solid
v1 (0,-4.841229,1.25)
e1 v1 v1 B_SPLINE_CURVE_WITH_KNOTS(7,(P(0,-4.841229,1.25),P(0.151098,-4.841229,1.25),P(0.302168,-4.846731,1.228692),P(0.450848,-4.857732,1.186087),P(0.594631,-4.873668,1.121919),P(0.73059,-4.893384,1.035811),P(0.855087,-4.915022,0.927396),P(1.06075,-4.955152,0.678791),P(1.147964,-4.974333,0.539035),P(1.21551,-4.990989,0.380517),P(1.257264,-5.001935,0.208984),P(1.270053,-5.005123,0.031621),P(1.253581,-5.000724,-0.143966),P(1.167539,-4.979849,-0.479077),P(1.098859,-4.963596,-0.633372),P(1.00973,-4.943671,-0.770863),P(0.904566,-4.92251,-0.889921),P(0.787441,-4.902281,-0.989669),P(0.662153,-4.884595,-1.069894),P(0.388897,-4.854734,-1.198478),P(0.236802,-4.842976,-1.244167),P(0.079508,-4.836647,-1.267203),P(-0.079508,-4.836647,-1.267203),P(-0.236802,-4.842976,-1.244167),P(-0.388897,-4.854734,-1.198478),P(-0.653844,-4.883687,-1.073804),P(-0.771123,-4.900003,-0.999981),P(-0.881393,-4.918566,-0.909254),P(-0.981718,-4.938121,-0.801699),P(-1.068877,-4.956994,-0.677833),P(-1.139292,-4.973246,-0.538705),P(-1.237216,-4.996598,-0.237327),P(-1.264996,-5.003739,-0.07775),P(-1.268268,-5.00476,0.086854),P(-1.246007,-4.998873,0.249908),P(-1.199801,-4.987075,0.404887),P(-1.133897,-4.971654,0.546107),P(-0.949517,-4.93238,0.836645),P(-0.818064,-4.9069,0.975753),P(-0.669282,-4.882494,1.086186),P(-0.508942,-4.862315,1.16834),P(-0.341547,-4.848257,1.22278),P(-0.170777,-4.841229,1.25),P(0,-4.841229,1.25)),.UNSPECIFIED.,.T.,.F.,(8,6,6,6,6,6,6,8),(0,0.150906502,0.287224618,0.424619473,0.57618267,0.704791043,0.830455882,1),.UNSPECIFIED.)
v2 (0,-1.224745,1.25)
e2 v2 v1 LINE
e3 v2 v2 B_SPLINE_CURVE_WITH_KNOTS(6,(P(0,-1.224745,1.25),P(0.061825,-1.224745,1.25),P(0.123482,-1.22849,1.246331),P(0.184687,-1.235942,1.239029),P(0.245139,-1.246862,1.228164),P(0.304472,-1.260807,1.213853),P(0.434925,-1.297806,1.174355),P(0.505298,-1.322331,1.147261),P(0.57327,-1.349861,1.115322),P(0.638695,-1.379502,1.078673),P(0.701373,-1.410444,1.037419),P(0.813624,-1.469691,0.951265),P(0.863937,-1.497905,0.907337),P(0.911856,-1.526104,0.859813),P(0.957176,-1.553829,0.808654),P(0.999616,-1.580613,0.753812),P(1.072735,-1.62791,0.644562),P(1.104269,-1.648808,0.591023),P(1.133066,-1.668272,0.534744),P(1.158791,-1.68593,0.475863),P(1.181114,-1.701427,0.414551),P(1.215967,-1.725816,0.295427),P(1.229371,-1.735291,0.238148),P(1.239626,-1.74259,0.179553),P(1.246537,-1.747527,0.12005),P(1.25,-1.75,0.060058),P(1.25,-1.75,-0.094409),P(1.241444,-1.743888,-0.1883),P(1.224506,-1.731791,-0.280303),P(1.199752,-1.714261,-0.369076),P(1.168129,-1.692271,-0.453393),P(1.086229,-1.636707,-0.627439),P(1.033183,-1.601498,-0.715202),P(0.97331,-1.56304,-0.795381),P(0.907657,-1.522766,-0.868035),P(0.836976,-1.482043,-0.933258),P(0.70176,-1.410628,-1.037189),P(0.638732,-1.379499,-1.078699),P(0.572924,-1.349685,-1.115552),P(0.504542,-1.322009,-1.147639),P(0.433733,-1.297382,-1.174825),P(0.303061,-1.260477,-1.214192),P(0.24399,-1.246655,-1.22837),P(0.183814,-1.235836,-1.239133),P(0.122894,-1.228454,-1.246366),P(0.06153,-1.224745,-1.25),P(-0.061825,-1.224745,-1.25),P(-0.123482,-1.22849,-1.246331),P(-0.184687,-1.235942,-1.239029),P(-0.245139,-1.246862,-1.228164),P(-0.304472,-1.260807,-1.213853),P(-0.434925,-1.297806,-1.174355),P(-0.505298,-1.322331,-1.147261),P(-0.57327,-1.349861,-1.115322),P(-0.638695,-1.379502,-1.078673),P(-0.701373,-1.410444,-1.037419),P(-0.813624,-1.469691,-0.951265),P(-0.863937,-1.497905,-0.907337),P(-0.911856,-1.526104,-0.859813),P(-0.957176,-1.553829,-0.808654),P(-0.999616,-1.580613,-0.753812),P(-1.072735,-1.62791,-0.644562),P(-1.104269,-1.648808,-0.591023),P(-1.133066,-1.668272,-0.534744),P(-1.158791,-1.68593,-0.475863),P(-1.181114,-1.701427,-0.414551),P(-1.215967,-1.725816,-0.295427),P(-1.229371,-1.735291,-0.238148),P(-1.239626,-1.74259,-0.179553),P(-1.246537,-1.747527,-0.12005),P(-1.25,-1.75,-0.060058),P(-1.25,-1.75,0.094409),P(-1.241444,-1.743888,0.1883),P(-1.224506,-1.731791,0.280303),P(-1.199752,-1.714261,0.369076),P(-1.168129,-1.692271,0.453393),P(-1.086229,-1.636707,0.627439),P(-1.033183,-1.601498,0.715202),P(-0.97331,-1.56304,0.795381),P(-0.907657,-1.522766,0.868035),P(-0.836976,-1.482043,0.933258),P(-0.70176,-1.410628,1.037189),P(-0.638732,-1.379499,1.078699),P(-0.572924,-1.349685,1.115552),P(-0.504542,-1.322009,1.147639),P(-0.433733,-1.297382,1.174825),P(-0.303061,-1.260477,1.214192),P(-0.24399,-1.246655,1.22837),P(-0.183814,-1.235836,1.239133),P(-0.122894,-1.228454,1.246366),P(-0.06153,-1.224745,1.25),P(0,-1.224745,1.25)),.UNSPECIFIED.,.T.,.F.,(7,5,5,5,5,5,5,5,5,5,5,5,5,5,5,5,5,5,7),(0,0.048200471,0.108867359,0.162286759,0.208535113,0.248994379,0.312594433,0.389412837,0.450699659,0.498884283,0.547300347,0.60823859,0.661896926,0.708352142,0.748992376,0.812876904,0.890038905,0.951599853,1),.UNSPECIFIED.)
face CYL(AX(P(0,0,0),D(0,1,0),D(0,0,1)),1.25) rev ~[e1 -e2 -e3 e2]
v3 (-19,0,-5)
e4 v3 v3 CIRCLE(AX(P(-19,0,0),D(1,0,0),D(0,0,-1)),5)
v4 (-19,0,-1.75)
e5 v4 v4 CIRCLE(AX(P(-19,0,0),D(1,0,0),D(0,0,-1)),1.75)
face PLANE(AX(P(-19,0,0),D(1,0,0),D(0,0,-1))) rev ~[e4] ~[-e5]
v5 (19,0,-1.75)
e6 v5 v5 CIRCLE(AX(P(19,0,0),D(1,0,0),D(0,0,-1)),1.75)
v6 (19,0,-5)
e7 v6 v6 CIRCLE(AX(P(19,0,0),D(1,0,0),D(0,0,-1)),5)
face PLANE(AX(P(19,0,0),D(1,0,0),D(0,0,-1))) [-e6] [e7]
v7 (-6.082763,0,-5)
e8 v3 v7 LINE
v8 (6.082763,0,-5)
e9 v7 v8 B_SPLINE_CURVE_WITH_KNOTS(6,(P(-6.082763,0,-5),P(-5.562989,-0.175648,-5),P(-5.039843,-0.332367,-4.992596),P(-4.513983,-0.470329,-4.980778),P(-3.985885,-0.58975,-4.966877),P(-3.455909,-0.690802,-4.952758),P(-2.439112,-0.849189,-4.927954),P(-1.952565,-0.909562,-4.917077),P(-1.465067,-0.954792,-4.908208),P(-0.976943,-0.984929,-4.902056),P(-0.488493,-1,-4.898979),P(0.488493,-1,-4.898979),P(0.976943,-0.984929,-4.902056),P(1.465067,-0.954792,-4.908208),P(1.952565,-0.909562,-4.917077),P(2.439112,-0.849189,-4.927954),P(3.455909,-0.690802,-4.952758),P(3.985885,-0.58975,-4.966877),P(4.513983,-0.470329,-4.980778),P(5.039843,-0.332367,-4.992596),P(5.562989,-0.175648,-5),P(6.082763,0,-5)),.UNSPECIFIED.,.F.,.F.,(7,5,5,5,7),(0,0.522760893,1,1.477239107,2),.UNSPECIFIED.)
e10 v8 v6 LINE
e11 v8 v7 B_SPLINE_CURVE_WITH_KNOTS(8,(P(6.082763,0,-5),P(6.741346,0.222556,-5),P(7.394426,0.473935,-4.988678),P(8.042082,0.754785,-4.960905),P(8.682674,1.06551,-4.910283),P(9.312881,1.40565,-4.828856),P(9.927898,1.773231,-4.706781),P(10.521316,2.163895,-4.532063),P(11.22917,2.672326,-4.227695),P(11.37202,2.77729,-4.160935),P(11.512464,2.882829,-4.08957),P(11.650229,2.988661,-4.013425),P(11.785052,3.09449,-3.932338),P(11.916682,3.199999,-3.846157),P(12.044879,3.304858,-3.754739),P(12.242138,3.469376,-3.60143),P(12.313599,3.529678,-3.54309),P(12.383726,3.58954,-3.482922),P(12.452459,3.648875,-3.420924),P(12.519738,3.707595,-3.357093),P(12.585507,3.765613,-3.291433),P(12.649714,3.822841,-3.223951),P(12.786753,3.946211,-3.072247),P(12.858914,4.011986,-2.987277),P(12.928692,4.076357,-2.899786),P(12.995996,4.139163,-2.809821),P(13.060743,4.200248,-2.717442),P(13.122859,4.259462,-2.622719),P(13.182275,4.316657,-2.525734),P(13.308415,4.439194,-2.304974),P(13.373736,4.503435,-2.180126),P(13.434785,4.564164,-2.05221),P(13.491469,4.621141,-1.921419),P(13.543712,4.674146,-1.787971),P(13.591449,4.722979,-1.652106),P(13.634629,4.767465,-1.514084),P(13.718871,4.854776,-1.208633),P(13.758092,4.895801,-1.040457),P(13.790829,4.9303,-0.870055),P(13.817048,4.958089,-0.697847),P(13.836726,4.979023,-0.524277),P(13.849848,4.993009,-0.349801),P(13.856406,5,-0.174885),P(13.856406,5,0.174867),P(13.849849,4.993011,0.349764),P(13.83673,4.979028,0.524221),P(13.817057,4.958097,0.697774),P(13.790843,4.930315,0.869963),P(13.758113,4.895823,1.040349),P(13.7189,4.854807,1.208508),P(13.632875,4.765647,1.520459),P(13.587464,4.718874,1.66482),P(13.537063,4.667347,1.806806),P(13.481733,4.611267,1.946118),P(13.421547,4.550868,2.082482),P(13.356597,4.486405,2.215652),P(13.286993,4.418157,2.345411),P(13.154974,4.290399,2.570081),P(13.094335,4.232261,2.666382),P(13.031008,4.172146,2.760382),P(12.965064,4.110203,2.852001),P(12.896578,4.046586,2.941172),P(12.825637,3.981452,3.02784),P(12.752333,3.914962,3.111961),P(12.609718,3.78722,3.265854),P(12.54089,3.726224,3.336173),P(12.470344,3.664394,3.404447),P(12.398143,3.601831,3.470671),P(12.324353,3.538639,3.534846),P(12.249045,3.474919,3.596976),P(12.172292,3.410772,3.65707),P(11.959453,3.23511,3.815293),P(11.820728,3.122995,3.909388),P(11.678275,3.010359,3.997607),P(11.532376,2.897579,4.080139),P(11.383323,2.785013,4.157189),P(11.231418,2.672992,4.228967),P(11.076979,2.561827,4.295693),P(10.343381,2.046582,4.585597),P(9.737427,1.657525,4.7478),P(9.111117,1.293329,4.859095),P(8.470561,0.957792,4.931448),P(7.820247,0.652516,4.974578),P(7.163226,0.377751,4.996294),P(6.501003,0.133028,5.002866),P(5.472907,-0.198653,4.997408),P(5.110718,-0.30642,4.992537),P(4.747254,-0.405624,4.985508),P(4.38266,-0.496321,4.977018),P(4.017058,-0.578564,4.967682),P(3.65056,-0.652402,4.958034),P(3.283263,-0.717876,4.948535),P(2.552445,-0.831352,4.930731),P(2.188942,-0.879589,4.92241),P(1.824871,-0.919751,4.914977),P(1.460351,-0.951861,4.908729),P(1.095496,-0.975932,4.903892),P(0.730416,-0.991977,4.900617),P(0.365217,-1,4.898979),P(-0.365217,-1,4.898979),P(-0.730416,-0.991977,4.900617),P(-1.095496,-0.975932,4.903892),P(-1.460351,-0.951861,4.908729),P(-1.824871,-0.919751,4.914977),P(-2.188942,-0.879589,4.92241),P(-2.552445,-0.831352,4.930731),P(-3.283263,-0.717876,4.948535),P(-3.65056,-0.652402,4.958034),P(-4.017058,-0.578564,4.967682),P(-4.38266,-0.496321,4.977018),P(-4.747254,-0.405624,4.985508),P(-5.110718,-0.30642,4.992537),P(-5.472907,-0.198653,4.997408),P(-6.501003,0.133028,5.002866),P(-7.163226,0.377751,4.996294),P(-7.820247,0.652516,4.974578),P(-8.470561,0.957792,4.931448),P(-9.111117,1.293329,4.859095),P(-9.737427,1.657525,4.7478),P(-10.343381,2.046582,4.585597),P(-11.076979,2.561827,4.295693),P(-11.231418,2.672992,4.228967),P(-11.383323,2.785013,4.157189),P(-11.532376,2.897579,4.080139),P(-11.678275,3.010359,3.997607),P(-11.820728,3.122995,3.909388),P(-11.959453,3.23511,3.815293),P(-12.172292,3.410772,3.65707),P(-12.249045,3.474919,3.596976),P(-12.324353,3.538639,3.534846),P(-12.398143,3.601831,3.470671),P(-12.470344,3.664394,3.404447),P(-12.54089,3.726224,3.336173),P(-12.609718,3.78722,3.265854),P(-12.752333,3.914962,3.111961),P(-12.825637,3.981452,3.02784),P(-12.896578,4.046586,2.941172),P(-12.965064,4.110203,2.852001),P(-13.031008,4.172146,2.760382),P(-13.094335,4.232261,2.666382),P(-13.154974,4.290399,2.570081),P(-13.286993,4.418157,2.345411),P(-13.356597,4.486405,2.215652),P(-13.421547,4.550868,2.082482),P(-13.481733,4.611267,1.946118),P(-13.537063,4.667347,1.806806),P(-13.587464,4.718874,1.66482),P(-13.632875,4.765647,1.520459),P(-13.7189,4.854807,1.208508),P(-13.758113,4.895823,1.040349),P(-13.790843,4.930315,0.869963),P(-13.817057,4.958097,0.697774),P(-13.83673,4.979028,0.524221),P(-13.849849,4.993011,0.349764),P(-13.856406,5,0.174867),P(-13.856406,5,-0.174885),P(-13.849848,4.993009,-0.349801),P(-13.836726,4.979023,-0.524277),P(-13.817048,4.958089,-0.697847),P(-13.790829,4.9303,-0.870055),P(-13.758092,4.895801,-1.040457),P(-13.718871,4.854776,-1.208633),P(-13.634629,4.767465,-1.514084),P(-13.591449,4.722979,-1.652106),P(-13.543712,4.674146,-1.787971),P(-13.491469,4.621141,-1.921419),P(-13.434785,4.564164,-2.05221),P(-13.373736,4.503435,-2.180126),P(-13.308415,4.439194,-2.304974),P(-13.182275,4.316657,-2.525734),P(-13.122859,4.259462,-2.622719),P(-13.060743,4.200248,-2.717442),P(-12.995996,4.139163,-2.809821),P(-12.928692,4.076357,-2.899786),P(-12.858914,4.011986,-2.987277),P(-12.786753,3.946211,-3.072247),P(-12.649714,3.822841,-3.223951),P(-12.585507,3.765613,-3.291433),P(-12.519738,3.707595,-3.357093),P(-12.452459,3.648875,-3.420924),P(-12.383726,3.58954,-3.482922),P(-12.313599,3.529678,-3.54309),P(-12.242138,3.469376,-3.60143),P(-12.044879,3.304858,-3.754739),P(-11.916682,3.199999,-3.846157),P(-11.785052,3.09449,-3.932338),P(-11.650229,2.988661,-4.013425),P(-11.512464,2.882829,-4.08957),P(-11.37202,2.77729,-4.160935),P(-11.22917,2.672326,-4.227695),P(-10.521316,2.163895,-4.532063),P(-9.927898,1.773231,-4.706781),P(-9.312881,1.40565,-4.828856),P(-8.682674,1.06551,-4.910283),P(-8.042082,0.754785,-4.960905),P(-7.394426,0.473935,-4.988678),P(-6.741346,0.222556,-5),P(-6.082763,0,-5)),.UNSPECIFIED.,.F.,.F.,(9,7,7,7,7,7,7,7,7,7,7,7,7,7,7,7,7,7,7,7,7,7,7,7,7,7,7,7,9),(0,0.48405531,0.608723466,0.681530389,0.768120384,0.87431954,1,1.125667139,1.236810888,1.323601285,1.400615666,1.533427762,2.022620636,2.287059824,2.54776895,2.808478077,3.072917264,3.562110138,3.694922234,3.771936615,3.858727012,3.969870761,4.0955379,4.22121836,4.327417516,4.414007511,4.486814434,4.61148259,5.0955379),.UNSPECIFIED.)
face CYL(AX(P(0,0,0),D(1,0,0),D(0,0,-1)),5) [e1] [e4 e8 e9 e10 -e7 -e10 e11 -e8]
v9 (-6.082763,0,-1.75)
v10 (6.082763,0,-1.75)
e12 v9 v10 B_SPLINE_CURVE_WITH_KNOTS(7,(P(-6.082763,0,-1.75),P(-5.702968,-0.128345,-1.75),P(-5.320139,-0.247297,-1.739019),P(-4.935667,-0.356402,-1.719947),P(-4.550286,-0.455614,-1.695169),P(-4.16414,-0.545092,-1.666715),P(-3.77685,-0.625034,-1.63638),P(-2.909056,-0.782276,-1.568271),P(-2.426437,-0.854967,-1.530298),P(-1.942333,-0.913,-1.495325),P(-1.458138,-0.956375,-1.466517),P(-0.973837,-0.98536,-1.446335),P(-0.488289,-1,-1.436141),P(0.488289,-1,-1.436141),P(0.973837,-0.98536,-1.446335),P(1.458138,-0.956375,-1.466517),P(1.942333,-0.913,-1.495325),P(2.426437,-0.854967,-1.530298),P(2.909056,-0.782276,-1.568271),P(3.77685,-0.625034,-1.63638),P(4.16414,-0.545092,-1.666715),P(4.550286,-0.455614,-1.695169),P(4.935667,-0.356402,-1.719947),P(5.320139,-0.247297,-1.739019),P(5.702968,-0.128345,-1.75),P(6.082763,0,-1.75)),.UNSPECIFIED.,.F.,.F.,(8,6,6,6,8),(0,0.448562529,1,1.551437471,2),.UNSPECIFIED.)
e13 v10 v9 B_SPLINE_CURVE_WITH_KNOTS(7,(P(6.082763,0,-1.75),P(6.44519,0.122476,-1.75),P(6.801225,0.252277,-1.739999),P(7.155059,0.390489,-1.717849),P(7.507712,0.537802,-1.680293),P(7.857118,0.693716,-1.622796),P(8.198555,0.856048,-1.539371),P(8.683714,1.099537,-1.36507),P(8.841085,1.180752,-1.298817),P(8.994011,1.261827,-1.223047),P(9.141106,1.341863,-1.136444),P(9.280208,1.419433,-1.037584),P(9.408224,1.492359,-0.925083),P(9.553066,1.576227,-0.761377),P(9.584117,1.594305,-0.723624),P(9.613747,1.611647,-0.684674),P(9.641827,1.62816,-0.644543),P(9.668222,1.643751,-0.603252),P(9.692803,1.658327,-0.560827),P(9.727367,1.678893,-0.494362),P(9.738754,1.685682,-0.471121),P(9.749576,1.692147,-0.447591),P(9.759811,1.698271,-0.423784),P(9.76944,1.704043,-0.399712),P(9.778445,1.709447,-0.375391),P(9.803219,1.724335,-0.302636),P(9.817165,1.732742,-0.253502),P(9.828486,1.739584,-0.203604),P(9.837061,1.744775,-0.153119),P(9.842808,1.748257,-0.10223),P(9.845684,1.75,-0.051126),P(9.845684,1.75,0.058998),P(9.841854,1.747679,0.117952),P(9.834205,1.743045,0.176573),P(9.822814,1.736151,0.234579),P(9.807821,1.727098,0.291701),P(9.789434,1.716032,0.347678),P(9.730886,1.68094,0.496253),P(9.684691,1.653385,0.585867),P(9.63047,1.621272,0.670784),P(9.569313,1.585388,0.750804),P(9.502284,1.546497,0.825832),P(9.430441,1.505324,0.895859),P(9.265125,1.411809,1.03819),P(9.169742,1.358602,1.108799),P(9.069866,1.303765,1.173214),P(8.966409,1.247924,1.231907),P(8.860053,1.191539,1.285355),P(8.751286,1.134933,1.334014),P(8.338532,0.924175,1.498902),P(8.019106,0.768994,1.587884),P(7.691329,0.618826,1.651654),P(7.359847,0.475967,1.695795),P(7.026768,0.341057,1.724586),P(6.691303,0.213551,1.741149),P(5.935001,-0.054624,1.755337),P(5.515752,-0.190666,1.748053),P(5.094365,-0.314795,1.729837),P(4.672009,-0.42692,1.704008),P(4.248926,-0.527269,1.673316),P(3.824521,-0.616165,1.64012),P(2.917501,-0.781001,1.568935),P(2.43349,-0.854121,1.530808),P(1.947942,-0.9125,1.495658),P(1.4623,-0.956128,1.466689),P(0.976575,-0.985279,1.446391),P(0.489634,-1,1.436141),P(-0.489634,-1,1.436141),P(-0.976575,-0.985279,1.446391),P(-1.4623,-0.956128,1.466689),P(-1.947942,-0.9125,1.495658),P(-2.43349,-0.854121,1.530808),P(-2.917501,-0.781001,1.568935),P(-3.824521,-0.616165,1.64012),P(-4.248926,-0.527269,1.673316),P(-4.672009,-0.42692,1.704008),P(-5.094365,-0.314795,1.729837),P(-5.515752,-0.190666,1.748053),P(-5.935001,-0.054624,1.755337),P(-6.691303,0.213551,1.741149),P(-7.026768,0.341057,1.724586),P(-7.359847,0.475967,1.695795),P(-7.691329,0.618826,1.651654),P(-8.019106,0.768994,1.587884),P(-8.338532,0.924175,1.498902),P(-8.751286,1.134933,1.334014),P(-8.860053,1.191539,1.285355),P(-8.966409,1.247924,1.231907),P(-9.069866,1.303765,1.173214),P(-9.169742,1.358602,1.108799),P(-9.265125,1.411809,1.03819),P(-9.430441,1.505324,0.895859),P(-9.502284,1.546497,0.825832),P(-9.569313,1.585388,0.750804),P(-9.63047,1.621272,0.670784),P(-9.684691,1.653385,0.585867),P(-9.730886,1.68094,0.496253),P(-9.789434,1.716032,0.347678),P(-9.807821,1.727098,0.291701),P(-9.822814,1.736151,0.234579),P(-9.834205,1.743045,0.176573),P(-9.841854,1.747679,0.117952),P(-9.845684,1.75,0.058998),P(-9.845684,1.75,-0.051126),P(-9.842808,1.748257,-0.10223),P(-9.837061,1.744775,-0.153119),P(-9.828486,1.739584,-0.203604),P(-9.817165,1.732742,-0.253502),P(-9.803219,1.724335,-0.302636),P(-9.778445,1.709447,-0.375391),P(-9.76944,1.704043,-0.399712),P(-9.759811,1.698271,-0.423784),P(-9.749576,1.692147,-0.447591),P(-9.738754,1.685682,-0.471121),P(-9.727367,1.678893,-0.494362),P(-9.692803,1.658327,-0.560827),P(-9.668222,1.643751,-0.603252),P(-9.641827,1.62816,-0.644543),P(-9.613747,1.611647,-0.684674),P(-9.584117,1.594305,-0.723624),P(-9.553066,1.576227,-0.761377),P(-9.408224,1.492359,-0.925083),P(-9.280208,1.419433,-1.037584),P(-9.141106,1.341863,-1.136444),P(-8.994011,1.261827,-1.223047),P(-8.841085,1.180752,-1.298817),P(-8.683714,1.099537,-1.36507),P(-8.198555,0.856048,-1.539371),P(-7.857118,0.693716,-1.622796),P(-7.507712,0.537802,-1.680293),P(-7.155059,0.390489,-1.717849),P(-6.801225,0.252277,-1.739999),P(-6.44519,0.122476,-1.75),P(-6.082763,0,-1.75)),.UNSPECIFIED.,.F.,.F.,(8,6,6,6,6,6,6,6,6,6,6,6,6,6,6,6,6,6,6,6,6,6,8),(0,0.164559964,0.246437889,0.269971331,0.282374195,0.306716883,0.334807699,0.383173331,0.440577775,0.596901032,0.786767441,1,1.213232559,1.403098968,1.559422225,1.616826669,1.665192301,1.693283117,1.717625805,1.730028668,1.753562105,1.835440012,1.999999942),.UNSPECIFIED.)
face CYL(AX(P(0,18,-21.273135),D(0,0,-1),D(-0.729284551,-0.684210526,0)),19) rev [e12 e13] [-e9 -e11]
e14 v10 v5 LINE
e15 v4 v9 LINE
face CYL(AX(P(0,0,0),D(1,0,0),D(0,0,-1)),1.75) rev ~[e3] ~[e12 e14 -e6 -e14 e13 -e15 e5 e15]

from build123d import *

# Parameters (mm, degrees)
SKETCH1_R               = 5
BOSS_EXTRUDE1_DEPTH     = 19
CUT_EXTRUDE1_DEPTH      = 21.273134933
CUT_EXTRUDE1_DEPTH_BACK = 21.273134933
SKETCH3_R               = 1.75
CUT_EXTRUDE2_DEPTH      = 20
SKETCH4_R               = 1.25
CUT_EXTRUDE3_DEPTH      = 21.273135076


with BuildPart() as part:
    # Sketch1 → Boss-Extrude1 (new, symmetric)
    with BuildSketch(Plane(origin=(0, 0, 0), x_dir=(0, 0, -1), z_dir=(1, 0, 0))):
        Circle(SKETCH1_R)
    extrude(amount=BOSS_EXTRUDE1_DEPTH, both=True)

    # Sketch2 → Cut-Extrude1 (cut, two sides: drawn at the far end of the back side and taken through both)
    with BuildSketch(Plane.XY.offset(-CUT_EXTRUDE1_DEPTH_BACK)):
        with BuildLine():
            Line((-67.696223967, 62.386645779), (-13.856406461, 5))
            ThreePointArc((-13.856406461, 5), (0, -1), (13.856406461, 5))
            Line((13.856406461, 5), (67.696223967, 62.386645779))
            Line((67.696223967, 62.386645779), (67.696223967, 219.764573876))
            Line((67.696223967, 219.764573876), (-67.696223967, 219.764573876))
            Line((-67.696223967, 219.764573876), (-67.696223967, 62.386645779))
        make_face()
    extrude(amount=CUT_EXTRUDE1_DEPTH + CUT_EXTRUDE1_DEPTH_BACK, mode=Mode.SUBTRACT)

    # Sketch3 → Cut-Extrude2 (cut, symmetric)
    with BuildSketch(Plane(origin=(0, 0, 0), x_dir=(0, 0, -1), z_dir=(1, 0, 0))):
        Circle(SKETCH3_R)
    extrude(amount=CUT_EXTRUDE2_DEPTH, both=True, mode=Mode.SUBTRACT)

    # Sketch4 → Cut-Extrude3 (cut, through all)
    with BuildSketch(Plane(origin=(0, 0, 0), x_dir=(1, 0, 0), z_dir=(0, 1, 0))):
        with Locations(Location((0, 0, 0), (0, 0, 270))):
            Circle(SKETCH4_R)
    extrude(amount=-CUT_EXTRUDE3_DEPTH, mode=Mode.SUBTRACT)


solid = part.part
